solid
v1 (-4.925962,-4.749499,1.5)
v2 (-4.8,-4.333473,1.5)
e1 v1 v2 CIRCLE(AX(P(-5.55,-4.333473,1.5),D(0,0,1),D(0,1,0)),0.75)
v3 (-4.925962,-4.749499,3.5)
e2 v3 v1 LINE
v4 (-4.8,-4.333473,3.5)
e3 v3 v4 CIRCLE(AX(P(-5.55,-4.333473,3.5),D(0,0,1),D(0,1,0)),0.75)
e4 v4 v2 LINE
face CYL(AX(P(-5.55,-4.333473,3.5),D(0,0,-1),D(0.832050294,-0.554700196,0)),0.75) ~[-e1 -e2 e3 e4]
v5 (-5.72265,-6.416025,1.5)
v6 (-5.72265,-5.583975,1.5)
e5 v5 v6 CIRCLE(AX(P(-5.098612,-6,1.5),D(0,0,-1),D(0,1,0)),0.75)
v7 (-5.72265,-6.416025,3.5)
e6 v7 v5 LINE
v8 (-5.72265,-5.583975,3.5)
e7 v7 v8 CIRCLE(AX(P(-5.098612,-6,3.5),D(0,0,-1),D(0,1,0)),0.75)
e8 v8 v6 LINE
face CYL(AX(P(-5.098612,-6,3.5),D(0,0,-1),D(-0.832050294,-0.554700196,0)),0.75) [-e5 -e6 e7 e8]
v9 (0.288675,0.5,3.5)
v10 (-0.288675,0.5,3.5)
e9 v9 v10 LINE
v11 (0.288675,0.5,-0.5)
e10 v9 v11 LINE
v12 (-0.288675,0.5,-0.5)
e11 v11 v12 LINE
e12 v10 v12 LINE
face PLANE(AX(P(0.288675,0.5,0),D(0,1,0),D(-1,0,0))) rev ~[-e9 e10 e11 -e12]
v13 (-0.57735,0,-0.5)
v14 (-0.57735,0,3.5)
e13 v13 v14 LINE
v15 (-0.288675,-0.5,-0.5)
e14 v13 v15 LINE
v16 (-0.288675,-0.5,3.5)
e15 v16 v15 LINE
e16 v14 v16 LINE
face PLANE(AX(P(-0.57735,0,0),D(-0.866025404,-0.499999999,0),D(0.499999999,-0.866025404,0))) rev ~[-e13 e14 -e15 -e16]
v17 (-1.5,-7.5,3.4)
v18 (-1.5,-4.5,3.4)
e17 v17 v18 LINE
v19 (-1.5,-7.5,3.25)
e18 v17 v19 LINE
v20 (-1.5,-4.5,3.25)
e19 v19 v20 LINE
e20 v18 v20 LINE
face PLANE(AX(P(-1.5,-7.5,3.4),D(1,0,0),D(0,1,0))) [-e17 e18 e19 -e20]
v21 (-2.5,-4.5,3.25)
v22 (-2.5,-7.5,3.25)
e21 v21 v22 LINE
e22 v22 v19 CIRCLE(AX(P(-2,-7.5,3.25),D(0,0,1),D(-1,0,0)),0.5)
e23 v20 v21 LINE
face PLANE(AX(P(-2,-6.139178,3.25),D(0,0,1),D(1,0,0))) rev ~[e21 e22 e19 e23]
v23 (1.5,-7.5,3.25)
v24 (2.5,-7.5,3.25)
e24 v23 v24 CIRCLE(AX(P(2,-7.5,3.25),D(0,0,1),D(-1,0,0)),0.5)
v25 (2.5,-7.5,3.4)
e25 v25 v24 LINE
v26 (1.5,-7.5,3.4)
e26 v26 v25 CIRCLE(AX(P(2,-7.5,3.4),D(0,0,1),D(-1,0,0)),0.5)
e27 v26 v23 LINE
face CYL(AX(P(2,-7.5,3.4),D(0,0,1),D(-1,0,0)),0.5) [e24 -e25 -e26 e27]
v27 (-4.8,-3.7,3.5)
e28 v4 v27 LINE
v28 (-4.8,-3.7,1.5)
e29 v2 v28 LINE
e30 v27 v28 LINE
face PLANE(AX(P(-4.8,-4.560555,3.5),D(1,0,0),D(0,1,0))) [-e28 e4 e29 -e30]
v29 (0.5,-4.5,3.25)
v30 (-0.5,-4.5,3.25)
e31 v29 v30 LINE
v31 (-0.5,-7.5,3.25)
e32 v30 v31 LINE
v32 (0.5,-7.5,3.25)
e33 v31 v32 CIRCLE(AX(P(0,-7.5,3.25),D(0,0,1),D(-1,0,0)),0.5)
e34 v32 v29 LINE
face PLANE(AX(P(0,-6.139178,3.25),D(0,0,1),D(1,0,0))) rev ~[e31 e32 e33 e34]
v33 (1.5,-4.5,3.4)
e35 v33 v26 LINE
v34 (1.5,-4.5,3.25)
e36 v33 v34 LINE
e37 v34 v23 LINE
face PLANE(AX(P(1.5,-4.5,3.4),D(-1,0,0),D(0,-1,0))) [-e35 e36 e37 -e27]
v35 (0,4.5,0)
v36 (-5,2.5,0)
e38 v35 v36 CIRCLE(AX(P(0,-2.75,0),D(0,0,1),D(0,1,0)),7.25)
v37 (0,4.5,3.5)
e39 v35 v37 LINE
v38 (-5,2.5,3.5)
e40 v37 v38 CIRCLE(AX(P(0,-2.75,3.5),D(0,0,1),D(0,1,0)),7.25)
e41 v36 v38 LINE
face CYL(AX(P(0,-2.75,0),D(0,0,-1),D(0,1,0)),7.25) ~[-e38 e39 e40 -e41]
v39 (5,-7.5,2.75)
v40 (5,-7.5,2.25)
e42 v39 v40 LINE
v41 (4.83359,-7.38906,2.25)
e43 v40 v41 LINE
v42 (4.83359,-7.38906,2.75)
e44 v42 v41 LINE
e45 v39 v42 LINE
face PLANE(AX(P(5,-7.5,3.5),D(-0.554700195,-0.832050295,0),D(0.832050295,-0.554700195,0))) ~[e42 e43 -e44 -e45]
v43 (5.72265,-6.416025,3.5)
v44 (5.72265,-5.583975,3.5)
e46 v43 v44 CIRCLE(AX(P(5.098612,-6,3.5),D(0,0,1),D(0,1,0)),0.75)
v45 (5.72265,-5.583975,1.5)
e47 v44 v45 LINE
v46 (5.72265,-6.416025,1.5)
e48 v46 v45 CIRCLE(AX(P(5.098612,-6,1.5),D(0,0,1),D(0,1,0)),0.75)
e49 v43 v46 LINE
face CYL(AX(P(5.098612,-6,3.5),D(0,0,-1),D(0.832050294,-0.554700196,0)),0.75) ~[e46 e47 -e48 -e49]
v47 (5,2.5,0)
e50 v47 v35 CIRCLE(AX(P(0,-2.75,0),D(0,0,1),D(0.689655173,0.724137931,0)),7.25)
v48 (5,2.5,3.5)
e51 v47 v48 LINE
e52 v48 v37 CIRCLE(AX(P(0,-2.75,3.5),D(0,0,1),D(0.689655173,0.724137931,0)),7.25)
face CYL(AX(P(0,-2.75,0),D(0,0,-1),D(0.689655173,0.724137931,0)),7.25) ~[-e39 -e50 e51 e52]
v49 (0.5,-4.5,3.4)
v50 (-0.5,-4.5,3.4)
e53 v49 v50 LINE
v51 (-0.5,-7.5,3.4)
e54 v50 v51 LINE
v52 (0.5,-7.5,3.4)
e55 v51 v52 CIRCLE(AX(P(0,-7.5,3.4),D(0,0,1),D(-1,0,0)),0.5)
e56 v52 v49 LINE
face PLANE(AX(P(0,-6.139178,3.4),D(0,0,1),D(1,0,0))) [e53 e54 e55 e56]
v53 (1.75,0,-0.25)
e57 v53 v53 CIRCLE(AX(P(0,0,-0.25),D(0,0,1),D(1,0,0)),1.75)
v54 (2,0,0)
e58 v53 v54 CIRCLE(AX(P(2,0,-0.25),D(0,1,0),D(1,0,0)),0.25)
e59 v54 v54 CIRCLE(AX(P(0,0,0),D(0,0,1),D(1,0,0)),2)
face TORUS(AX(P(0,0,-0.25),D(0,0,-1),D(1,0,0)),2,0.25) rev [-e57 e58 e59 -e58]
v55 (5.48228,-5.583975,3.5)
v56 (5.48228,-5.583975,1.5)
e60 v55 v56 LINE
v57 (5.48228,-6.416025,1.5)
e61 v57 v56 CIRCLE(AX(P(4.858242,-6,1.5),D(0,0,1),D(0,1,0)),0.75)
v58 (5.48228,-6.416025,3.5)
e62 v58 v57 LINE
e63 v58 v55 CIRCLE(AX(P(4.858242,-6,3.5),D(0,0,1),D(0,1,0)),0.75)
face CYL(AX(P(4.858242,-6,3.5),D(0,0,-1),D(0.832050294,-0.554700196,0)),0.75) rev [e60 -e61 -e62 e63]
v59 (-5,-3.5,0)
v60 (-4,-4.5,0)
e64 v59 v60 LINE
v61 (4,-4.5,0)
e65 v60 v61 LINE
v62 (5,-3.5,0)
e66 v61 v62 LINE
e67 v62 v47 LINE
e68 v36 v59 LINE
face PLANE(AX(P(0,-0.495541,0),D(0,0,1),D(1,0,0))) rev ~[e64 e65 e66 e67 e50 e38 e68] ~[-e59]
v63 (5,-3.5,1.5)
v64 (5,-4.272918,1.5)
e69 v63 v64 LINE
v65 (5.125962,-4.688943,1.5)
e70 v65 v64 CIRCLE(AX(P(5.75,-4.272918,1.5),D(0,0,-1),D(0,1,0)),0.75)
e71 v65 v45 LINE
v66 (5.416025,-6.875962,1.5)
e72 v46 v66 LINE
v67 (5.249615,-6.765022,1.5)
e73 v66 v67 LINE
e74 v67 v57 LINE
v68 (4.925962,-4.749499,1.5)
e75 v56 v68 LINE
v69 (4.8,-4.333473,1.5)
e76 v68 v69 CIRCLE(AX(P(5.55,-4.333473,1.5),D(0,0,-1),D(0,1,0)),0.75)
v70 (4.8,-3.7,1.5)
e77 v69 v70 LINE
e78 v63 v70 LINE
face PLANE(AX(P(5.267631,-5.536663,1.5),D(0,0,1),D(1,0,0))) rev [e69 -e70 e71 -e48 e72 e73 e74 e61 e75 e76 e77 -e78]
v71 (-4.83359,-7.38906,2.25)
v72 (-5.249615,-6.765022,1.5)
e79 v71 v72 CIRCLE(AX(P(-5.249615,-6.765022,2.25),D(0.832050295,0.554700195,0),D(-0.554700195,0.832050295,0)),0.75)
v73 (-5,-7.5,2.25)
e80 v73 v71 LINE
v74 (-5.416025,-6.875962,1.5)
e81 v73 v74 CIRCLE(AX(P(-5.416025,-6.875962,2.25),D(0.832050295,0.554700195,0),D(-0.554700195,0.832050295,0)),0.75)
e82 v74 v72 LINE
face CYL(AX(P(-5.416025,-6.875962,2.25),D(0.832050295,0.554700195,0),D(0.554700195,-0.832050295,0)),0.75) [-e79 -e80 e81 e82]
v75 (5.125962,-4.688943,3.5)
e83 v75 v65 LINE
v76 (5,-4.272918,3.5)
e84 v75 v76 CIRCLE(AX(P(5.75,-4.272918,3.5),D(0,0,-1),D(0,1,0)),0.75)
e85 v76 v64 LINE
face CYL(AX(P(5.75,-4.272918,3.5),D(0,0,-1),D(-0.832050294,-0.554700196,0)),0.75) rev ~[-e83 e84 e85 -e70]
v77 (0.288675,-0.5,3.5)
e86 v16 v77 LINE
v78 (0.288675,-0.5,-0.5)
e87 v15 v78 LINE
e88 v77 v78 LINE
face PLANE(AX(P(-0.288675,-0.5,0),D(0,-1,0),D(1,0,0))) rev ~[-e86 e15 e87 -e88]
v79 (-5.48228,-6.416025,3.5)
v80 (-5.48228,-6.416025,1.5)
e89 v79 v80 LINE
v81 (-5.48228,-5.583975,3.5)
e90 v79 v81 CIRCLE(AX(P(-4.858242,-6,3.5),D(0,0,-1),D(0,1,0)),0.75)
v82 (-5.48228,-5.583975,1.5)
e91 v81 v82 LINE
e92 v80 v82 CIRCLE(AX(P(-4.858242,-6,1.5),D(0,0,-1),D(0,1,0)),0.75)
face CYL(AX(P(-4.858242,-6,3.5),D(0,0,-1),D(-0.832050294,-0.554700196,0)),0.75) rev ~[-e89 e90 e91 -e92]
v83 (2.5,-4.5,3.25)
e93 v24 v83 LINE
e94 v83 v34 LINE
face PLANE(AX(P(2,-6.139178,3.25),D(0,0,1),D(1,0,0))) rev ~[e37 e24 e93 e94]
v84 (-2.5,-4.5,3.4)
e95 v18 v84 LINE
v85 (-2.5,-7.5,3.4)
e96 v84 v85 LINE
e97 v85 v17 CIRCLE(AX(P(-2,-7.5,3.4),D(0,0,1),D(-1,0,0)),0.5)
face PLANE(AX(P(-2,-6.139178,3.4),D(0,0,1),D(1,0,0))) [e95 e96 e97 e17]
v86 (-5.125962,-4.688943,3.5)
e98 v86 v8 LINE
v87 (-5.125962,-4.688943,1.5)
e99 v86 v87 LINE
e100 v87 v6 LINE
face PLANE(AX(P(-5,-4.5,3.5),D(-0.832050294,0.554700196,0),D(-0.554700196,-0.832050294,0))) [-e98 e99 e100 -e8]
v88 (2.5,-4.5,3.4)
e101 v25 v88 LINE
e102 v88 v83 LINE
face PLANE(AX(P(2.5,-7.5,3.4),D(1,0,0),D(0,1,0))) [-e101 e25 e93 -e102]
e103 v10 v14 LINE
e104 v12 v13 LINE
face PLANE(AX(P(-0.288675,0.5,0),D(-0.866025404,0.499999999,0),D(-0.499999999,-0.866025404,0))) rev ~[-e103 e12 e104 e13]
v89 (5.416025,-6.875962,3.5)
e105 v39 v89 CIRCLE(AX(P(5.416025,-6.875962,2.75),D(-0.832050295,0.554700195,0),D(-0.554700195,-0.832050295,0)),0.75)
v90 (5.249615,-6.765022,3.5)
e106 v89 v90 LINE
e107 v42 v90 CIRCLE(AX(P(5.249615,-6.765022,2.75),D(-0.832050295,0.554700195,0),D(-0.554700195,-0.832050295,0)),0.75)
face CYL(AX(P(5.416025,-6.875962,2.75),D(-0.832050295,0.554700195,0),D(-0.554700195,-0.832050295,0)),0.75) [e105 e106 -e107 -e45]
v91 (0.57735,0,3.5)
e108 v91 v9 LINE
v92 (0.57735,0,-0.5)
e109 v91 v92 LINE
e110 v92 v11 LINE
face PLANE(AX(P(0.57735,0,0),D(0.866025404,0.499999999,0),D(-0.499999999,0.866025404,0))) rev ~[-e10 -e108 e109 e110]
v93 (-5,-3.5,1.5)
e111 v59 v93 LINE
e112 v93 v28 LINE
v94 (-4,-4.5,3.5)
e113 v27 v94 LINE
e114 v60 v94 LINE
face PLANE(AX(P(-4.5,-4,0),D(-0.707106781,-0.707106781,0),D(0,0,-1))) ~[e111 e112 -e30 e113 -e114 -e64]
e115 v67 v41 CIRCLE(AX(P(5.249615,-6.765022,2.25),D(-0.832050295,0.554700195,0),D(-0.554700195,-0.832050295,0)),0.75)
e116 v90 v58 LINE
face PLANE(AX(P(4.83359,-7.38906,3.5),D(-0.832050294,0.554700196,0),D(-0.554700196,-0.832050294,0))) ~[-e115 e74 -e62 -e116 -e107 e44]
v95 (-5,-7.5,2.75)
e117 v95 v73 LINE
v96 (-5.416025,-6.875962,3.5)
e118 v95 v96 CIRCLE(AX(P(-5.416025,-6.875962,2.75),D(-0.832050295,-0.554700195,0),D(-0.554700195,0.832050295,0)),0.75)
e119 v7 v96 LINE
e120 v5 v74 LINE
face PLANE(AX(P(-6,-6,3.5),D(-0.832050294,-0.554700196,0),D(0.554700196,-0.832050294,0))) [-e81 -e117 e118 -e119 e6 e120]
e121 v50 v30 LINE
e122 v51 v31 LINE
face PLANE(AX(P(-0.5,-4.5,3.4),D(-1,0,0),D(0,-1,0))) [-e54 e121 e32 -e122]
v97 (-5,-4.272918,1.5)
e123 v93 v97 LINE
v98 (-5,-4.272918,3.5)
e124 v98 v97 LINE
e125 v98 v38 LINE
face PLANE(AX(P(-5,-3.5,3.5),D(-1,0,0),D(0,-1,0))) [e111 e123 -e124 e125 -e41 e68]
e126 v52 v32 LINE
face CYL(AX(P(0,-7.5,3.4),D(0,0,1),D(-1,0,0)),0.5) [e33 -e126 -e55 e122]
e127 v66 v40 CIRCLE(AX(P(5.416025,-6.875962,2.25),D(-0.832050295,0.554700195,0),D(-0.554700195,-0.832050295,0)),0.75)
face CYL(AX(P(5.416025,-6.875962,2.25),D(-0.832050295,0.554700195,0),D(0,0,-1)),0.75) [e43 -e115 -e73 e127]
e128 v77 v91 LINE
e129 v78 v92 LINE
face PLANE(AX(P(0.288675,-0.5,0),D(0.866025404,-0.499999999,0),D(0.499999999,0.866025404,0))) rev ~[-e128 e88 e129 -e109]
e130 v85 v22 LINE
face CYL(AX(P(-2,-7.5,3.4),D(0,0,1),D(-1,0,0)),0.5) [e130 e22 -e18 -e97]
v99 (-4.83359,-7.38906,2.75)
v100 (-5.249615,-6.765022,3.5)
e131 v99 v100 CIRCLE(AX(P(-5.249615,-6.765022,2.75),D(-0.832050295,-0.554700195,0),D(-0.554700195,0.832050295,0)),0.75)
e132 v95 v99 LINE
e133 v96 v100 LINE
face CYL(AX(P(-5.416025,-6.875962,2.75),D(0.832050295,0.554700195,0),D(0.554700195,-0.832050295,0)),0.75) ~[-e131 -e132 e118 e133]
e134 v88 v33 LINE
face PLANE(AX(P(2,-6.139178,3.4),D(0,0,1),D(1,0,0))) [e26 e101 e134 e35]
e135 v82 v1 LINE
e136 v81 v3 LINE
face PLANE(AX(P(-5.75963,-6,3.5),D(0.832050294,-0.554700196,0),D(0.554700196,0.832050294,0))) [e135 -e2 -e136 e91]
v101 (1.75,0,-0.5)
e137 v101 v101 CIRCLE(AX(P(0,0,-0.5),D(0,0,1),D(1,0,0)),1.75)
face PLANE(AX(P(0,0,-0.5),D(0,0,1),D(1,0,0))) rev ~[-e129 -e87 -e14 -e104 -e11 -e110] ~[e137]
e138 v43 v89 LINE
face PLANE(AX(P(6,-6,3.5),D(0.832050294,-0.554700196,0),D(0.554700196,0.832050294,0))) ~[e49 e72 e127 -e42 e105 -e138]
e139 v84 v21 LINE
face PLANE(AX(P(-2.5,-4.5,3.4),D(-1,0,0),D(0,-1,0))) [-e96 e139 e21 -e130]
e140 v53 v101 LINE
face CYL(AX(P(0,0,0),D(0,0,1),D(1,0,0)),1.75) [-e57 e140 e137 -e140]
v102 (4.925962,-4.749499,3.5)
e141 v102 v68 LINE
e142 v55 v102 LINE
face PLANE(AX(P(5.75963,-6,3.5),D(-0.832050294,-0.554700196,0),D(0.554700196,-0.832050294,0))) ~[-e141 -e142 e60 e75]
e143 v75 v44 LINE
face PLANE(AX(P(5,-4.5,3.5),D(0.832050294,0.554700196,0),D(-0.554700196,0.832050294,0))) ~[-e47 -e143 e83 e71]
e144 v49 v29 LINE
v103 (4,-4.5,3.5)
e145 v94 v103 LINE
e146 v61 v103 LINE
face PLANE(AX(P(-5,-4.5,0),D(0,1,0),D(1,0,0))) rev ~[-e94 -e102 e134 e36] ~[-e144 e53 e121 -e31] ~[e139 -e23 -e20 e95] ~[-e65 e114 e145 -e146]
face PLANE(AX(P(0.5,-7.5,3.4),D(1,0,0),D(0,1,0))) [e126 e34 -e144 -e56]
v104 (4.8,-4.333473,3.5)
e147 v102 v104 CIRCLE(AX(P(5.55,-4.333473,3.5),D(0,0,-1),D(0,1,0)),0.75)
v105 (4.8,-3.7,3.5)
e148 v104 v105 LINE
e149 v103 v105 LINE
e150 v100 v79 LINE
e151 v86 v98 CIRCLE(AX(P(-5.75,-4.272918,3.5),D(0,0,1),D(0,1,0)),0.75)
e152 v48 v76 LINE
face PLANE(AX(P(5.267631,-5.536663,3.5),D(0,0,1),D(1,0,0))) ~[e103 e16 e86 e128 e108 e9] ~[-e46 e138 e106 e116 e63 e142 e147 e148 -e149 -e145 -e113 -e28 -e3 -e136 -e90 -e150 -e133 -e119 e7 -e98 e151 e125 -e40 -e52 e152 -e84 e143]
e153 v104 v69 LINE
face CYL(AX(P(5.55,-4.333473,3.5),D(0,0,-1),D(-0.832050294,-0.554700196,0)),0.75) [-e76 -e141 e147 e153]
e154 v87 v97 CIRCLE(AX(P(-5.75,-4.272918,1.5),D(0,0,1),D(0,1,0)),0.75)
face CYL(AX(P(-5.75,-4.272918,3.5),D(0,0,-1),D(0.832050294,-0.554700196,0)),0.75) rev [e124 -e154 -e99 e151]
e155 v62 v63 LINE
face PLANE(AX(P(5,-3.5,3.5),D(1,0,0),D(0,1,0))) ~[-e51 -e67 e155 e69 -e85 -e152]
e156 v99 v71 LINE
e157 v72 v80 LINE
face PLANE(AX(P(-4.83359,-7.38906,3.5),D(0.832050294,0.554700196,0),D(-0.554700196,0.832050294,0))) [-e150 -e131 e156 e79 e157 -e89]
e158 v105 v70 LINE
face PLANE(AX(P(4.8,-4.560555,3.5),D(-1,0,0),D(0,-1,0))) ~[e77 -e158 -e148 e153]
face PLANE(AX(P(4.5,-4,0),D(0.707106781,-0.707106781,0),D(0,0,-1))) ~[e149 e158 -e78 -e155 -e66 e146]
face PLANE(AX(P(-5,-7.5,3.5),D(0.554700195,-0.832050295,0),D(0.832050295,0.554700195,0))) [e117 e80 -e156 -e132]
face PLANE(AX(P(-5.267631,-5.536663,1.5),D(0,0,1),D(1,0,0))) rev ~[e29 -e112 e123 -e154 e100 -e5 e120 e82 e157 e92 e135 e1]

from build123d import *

# Parameters (mm, degrees)
BOSS_EXTRU_1_DEPTH             = 3.5
ESQUISSE2_R                    = 1.75
BOSS_EXTRU_2_DEPTH             = 0.5
CONG_1_R                       = 0.25
BOSS_EXTRU_3_START             = -0.1
BOSS_EXTRU_3_DEPTH             = 0.15
R_P_TITION_LIN_AIRE1_COUNT     = 2
R_P_TITION_LIN_AIRE1_PITCH     = 2
R_P_TITION_LIN_AIRE1_COL_COUNT = 2
R_P_TITION_LIN_AIRE1_COL_PITCH = 2
CHANFREIN1_SIZE                = 1
EXTRU_MINCE1_DEPTH             = 2
CONG_2_R                       = 0.75
CONG_3_R                       = 0.75


with BuildPart() as part:
    # Esquisse1 → Boss.-Extru.1 (new body)
    with BuildSketch(Plane.XY):
        with BuildLine():
            Line((-5, 2.5), (-5, -4.5))
            Line((-5, -4.5), (5, -4.5))
            Line((5, -4.5), (5, 2.5))
            ThreePointArc((5, 2.5), (2.692582404, 3.981456009), (0, 4.5))
            ThreePointArc((0, 4.5), (-2.692582404, 3.981456009), (-5, 2.5))
        make_face()
        Polygon((-0.288675135, 0.5), (-0.577350269, 0), (-0.288675135, -0.5), (0.288675135, -0.5), (0.577350269, 0), (0.288675135, 0.5), align=None, mode=Mode.SUBTRACT)
    extrude(amount=BOSS_EXTRU_1_DEPTH)

    # Esquisse2 → Boss.-Extru.2 (add)
    with BuildSketch(Plane.XY):
        Circle(ESQUISSE2_R)
        Polygon((-0.577350269, 0), (-0.288675135, -0.5), (0.288675135, -0.5), (0.577350269, 0), (0.288675135, 0.5), (-0.288675135, 0.5), align=None, mode=Mode.SUBTRACT)
    extrude(amount=-BOSS_EXTRU_2_DEPTH)

    # Congé1
    cong_1_edges = [part.edges().sort_by_distance(p)[0] for p in [
        (-1.75, 0, 0),
    ]]
    fillet(cong_1_edges, radius=CONG_1_R)

    # Esquisse3 → Boss.-Extru.3 (add)
    with BuildSketch(Plane.XY.offset(3.5).offset(BOSS_EXTRU_3_START)):
        with BuildLine():
            Line((-0.5, -4.5), (-0.5, -7.5))
            ThreePointArc((-0.5, -7.5), (0, -8), (0.5, -7.5))
            Line((0.5, -7.5), (0.5, -4.5))
            Line((0.5, -4.5), (-0.5, -4.5))
        make_face()
    boss_extru_3 = extrude(amount=-BOSS_EXTRU_3_DEPTH)

    # Répétition linéaire1: Boss.-Extru.3 ×2
    with Locations(*[(i * R_P_TITION_LIN_AIRE1_PITCH, 0, 0) for i in range(1, R_P_TITION_LIN_AIRE1_COUNT)]):
        add(boss_extru_3)

    # Répétition linéaire1 col: Boss.-Extru.3 ×2
    with Locations(*[(-i * R_P_TITION_LIN_AIRE1_COL_PITCH, 0, 0) for i in range(1, R_P_TITION_LIN_AIRE1_COL_COUNT)]):
        add(boss_extru_3)

    # Chanfrein1
    chanfrein1_edges = [part.edges().sort_by_distance(p)[0] for p in [
        (5, -4.5, 1.75),
        (-5, -4.5, 1.75),
    ]]
    chamfer(chanfrein1_edges, length=CHANFREIN1_SIZE)

    # Esquisse4 → Extru.-Mince1 (add)
    with BuildSketch(Plane.XY.offset(3.5)):
        Polygon((-5, -3.5), (-5, -4.5), (-6, -6), (-5, -7.5), (-4.833589941, -7.389059961), (-5.759629915, -6), (-4.8, -4.560555128), (-4.8, -3.5), align=None)
    extru_mince1 = extrude(amount=-EXTRU_MINCE1_DEPTH)

    # Symétrie1: Extru.-Mince1 across plane
    add(extru_mince1.mirror(Plane.ZY))

    # Congé2
    cong_2_edges = [part.edges().sort_by_distance(p)[0] for p in [
        (-4.916794971, -7.44452998, 3.5),
        (-4.916794971, -7.44452998, 1.5),
        (4.916794971, -7.44452998, 1.5),
        (4.916794971, -7.44452998, 3.5),
    ]]
    fillet(cong_2_edges, radius=CONG_2_R)

    # Congé3
    cong_3_edges = [part.edges().sort_by_distance(p)[0] for p in [
        (-6, -6, 2.5),
        (-5, -4.5, 2.5),
        (-4.8, -4.560555128, 2.5),
        (-5.759629915, -6, 2.5),
        (6, -6, 2.5),
        (5.759629915, -6, 2.5),
        (4.8, -4.560555128, 2.5),
        (5, -4.5, 2.5),
    ]]
    fillet(cong_3_edges, radius=CONG_3_R)


solid = part.part
